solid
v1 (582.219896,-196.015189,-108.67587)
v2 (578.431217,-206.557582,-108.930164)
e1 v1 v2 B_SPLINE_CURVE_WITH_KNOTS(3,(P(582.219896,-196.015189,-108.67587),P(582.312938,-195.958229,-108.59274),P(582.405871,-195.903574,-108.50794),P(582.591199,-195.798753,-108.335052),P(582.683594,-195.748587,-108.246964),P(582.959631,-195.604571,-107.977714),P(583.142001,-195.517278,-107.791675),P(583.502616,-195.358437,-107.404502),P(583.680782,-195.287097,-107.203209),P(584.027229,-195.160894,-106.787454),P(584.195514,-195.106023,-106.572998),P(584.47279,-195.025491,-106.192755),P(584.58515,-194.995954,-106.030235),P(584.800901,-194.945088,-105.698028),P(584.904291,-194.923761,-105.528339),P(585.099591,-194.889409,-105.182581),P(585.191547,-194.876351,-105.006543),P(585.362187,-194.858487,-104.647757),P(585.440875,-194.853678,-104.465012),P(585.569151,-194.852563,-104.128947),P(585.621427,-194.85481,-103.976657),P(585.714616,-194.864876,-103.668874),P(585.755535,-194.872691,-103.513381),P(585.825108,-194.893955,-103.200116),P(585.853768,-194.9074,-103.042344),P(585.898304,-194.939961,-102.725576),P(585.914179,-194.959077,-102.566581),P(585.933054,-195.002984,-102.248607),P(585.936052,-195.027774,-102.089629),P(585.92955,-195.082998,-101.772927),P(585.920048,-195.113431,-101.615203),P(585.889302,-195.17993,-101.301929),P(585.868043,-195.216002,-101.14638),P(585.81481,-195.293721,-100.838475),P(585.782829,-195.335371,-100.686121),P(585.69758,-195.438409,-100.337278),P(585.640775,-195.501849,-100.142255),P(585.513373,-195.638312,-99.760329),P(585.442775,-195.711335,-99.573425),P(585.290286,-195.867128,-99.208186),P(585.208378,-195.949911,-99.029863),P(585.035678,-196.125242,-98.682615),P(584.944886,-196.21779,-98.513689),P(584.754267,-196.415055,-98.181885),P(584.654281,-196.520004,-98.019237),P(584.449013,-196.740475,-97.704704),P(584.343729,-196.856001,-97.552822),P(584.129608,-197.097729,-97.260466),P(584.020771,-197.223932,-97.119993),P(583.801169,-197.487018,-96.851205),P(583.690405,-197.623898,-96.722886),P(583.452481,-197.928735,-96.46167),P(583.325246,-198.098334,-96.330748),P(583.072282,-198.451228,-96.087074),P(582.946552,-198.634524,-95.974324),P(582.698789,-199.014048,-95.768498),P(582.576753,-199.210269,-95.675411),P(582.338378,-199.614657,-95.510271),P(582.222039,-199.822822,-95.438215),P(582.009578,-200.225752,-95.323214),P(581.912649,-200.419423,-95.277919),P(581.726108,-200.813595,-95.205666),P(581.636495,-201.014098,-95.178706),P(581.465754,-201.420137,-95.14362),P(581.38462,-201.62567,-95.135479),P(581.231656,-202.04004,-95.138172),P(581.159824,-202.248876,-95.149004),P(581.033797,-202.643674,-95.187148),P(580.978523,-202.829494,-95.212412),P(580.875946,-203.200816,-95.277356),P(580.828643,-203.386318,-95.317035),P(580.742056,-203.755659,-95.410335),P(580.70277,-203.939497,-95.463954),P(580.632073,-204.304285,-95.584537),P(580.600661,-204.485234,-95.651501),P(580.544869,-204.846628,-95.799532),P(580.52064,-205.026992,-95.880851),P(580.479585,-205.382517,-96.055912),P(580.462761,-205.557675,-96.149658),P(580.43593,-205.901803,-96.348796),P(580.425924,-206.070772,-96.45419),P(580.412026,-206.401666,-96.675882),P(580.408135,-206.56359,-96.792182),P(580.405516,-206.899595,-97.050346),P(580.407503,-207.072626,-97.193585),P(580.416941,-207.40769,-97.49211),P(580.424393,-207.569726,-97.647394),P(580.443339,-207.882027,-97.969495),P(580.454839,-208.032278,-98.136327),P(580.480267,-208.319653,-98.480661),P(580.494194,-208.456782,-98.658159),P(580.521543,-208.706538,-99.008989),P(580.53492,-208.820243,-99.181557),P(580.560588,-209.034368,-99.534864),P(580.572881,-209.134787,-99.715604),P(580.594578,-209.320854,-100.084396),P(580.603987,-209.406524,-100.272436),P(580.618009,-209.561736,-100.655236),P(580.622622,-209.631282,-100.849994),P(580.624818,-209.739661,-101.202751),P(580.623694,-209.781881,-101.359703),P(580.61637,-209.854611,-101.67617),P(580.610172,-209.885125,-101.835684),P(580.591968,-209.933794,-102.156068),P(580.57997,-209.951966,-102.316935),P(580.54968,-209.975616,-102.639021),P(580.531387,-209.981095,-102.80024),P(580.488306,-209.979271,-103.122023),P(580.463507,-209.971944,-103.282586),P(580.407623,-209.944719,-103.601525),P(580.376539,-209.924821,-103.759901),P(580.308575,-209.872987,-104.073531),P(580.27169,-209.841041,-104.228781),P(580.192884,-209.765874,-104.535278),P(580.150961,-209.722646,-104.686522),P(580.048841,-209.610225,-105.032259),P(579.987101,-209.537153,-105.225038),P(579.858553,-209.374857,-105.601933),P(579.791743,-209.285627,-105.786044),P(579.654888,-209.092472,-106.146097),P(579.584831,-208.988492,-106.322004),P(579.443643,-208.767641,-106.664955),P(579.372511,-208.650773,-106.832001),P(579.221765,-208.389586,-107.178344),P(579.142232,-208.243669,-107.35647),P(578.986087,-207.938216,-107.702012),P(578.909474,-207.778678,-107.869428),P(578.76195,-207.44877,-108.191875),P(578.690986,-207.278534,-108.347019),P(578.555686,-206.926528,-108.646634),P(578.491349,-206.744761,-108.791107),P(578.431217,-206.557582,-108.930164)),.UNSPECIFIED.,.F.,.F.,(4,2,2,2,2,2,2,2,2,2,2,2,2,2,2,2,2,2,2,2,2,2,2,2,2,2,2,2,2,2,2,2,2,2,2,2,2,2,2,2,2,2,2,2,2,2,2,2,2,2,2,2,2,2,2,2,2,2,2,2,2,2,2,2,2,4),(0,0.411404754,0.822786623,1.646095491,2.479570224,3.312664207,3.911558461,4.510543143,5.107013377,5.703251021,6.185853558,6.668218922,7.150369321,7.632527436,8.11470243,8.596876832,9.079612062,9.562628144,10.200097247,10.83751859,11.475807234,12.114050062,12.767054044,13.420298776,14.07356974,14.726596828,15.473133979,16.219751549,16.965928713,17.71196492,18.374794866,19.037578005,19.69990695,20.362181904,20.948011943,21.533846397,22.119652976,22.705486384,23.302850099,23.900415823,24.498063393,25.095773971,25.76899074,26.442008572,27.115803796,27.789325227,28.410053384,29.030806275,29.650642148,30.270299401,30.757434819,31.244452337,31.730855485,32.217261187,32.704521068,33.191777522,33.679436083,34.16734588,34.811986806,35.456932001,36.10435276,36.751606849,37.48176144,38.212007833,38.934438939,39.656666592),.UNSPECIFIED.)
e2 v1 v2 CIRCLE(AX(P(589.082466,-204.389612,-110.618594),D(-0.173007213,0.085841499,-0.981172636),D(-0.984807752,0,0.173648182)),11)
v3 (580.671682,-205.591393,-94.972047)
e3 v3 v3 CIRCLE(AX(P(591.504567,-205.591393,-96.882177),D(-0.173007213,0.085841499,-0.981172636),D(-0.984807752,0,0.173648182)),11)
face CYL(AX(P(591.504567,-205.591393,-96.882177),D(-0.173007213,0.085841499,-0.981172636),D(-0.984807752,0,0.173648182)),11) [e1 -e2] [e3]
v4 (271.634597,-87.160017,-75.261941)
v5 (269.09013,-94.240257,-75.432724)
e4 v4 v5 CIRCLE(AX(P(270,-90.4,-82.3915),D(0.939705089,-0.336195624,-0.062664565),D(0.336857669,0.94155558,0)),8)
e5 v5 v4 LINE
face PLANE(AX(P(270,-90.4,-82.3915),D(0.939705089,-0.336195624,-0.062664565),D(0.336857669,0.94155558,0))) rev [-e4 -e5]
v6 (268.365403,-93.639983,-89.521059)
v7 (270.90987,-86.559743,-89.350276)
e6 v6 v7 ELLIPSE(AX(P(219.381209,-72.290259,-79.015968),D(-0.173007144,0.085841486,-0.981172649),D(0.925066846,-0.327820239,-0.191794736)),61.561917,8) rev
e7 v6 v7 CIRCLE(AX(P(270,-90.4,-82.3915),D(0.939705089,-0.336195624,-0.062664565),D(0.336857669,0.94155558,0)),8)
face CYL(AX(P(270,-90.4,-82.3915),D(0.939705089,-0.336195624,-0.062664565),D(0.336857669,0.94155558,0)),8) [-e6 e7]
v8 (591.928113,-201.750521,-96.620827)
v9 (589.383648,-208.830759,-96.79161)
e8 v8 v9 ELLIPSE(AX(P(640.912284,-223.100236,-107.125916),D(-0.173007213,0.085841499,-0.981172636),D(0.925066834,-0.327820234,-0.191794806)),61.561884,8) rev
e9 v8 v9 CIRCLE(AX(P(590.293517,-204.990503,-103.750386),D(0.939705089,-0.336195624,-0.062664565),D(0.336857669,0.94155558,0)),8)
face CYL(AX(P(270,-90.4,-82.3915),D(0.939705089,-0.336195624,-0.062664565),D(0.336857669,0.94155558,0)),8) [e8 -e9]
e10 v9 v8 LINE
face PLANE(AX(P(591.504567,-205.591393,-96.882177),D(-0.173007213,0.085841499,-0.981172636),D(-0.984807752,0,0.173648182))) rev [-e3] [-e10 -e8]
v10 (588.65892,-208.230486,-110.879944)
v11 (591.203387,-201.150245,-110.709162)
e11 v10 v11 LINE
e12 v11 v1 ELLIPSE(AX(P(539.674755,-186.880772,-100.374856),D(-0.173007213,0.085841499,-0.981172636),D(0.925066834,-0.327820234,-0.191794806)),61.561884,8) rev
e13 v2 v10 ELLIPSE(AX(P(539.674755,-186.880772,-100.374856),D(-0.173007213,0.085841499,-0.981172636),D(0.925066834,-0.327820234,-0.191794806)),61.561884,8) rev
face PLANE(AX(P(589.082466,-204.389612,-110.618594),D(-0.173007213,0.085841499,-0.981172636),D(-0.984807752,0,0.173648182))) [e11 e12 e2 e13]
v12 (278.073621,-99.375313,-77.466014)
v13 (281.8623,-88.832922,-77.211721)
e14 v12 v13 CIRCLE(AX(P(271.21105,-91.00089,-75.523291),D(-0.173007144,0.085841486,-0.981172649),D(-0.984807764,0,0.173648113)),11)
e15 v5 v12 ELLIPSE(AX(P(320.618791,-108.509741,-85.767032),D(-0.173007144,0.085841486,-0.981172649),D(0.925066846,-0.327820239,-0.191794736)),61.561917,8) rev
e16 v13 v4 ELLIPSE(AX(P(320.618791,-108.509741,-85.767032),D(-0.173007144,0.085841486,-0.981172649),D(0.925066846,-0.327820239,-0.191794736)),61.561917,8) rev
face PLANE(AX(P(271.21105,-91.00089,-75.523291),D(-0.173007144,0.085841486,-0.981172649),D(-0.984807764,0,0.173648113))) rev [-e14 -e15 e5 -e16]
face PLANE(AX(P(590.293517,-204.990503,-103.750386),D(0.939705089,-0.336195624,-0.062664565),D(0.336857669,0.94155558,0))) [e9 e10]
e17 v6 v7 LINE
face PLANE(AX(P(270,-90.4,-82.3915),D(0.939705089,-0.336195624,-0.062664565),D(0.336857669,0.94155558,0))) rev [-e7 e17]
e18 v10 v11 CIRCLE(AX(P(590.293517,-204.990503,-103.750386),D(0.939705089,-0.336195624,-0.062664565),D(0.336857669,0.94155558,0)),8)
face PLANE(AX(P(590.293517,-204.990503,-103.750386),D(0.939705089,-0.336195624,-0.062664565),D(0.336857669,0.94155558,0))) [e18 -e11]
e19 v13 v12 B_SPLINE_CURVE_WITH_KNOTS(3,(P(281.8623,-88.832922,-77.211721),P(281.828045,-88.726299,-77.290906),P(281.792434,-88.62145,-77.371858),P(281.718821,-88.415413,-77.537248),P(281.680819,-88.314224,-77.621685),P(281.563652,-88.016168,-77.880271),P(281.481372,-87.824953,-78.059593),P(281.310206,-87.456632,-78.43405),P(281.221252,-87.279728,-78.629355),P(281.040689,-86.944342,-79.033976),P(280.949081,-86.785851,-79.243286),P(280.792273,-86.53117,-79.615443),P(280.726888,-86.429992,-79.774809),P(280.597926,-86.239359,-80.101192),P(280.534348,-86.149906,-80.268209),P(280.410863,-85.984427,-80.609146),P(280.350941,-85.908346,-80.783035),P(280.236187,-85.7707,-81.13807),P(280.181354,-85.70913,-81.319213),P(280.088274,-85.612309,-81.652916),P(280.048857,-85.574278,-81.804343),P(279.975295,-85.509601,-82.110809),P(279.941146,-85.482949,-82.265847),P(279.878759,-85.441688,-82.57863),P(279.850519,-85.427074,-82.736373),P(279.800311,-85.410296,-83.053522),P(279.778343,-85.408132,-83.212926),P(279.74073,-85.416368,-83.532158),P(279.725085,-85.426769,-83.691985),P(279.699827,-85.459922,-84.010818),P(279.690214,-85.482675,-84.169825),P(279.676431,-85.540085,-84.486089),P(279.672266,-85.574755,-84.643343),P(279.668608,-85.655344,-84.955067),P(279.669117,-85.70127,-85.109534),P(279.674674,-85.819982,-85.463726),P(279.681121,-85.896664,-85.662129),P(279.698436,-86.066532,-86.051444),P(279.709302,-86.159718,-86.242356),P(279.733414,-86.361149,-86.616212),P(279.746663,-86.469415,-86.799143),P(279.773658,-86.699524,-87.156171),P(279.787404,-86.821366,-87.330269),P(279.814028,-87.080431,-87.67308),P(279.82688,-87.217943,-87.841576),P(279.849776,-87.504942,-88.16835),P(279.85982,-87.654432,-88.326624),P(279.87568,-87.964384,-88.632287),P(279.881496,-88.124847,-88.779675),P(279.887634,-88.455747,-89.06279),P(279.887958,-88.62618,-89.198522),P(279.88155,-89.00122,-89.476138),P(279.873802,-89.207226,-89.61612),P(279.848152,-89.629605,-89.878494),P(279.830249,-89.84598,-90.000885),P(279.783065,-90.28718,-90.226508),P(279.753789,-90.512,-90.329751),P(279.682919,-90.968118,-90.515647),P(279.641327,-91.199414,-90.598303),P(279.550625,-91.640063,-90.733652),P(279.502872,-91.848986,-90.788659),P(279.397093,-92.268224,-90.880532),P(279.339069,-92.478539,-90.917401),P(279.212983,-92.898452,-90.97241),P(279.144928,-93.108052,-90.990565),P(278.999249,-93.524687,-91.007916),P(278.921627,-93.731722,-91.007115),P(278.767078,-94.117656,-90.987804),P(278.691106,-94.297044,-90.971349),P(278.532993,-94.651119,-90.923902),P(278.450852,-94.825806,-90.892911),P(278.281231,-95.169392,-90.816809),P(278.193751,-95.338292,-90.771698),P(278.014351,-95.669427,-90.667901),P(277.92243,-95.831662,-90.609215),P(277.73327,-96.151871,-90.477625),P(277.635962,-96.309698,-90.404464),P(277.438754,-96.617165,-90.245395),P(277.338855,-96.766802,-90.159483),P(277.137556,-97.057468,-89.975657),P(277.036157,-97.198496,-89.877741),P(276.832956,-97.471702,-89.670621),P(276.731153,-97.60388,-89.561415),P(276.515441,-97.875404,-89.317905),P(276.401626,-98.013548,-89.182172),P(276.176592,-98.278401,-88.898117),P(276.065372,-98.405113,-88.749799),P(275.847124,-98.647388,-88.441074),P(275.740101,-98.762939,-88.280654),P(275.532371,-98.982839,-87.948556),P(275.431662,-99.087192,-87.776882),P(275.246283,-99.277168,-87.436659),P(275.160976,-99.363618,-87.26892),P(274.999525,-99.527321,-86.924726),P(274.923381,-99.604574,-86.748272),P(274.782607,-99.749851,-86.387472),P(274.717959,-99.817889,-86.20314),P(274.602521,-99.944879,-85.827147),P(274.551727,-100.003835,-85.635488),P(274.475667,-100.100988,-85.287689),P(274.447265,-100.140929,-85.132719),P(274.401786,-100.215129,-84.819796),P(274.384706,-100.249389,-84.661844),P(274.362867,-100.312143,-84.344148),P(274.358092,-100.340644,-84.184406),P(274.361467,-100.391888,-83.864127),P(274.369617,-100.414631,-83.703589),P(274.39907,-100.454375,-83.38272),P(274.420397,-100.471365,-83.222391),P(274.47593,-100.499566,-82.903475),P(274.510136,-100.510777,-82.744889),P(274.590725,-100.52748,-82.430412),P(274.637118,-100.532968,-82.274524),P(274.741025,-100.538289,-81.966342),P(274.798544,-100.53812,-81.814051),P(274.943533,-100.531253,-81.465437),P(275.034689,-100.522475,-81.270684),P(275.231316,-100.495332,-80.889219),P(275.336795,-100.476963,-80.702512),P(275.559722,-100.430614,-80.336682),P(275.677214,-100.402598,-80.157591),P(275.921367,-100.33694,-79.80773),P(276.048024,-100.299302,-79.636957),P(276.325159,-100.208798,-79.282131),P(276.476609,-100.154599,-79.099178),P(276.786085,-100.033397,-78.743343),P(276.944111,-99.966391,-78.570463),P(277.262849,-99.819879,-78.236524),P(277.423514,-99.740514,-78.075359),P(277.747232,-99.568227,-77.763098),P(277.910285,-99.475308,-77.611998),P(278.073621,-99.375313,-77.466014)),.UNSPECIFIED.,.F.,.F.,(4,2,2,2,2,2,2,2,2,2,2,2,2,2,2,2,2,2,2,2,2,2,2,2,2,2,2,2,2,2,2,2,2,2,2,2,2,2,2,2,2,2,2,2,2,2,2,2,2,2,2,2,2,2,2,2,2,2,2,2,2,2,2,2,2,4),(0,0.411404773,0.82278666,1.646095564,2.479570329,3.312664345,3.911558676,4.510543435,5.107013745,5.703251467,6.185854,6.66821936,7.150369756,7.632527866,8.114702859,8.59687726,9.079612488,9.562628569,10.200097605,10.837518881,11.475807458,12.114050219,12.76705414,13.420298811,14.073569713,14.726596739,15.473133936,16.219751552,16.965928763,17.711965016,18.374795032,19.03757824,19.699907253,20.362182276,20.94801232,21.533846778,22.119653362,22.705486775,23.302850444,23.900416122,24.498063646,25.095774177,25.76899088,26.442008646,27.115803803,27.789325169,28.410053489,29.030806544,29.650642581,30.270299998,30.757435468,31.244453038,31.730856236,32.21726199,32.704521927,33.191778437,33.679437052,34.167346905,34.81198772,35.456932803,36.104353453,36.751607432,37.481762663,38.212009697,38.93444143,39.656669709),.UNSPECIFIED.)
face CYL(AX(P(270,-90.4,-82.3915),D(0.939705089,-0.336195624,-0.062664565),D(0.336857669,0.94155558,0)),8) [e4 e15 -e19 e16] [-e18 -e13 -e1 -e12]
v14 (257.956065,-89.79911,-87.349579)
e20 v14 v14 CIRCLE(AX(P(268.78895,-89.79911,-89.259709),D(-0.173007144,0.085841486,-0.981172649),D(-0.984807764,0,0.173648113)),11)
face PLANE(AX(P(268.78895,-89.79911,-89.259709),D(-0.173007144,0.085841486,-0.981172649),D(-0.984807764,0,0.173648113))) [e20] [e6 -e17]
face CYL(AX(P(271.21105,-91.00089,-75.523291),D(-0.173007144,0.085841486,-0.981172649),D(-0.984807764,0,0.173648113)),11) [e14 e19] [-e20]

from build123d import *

# Parameters (mm, degrees)
SUSP_FR_TIE_ROD_PROFILE_R             = 8
SUSP_FR_TIE_ROD_ROD_END_IN_PROFILE_R  = 11
SUSP_FR_TIE_ROD_ROD_END_OUT_PROFILE_R = 11


with BuildPart() as part:
    # SUSP_FR_tie_rod: sweep along a curve in space
    with BuildLine() as susp_fr_tie_rod_path:
        Line((270, -90.4, -82.3915), (590.293517, -204.990503, -103.750386))
    # SUSP_FR_tie_rod profile (on start of the path) → SUSP_FR_tie_rod (sweep)
    with BuildSketch(Plane(origin=(270, -90.4, -82.3915), x_dir=(0.33685766905299525, 0.9415555803032463, 0), z_dir=(0.9397050891891743, -0.3361956240964046, -0.06266456487038859))):
        Circle(SUSP_FR_TIE_ROD_PROFILE_R)
    sweep(path=susp_fr_tie_rod_path.line)

    # SUSP_FR_tie_rod_rod_end_in: sweep along a curve in space
    with BuildLine() as susp_fr_tie_rod_rod_end_in_path:
        Line((271.21105, -91.0008904, -75.5232915), (268.78895, -89.7991096, -89.2597085))
    # SUSP_FR_tie_rod_rod_end_in profile (on start of the path) → SUSP_FR_tie_rod_rod_end_in (sweep)
    with BuildSketch(Plane(origin=(271.21105, -91.0008904, -75.5232915), x_dir=(-0.9848077644799927, 0, 0.17364811262987942), z_dir=(-0.17300714396088532, 0.08584148626193362, -0.9811726491167799))):
        Circle(SUSP_FR_TIE_ROD_ROD_END_IN_PROFILE_R)
    sweep(path=susp_fr_tie_rod_rod_end_in_path.line)

    # SUSP_FR_tie_rod_rod_end_out: sweep along a curve in space
    with BuildLine() as susp_fr_tie_rod_rod_end_out_path:
        Line((591.504567, -205.591393, -96.882177), (589.082466, -204.389612, -110.618594))
    # SUSP_FR_tie_rod_rod_end_out profile (on start of the path) → SUSP_FR_tie_rod_rod_end_out (sweep)
    with BuildSketch(Plane(origin=(591.504567, -205.591393, -96.882177), x_dir=(-0.9848077522197362, 0, 0.17364818216126232), z_dir=(-0.17300721303932562, 0.08584149938158056, -0.9811726357885688))):
        Circle(SUSP_FR_TIE_ROD_ROD_END_OUT_PROFILE_R)
    sweep(path=susp_fr_tie_rod_rod_end_out_path.line)


solid = part.part
